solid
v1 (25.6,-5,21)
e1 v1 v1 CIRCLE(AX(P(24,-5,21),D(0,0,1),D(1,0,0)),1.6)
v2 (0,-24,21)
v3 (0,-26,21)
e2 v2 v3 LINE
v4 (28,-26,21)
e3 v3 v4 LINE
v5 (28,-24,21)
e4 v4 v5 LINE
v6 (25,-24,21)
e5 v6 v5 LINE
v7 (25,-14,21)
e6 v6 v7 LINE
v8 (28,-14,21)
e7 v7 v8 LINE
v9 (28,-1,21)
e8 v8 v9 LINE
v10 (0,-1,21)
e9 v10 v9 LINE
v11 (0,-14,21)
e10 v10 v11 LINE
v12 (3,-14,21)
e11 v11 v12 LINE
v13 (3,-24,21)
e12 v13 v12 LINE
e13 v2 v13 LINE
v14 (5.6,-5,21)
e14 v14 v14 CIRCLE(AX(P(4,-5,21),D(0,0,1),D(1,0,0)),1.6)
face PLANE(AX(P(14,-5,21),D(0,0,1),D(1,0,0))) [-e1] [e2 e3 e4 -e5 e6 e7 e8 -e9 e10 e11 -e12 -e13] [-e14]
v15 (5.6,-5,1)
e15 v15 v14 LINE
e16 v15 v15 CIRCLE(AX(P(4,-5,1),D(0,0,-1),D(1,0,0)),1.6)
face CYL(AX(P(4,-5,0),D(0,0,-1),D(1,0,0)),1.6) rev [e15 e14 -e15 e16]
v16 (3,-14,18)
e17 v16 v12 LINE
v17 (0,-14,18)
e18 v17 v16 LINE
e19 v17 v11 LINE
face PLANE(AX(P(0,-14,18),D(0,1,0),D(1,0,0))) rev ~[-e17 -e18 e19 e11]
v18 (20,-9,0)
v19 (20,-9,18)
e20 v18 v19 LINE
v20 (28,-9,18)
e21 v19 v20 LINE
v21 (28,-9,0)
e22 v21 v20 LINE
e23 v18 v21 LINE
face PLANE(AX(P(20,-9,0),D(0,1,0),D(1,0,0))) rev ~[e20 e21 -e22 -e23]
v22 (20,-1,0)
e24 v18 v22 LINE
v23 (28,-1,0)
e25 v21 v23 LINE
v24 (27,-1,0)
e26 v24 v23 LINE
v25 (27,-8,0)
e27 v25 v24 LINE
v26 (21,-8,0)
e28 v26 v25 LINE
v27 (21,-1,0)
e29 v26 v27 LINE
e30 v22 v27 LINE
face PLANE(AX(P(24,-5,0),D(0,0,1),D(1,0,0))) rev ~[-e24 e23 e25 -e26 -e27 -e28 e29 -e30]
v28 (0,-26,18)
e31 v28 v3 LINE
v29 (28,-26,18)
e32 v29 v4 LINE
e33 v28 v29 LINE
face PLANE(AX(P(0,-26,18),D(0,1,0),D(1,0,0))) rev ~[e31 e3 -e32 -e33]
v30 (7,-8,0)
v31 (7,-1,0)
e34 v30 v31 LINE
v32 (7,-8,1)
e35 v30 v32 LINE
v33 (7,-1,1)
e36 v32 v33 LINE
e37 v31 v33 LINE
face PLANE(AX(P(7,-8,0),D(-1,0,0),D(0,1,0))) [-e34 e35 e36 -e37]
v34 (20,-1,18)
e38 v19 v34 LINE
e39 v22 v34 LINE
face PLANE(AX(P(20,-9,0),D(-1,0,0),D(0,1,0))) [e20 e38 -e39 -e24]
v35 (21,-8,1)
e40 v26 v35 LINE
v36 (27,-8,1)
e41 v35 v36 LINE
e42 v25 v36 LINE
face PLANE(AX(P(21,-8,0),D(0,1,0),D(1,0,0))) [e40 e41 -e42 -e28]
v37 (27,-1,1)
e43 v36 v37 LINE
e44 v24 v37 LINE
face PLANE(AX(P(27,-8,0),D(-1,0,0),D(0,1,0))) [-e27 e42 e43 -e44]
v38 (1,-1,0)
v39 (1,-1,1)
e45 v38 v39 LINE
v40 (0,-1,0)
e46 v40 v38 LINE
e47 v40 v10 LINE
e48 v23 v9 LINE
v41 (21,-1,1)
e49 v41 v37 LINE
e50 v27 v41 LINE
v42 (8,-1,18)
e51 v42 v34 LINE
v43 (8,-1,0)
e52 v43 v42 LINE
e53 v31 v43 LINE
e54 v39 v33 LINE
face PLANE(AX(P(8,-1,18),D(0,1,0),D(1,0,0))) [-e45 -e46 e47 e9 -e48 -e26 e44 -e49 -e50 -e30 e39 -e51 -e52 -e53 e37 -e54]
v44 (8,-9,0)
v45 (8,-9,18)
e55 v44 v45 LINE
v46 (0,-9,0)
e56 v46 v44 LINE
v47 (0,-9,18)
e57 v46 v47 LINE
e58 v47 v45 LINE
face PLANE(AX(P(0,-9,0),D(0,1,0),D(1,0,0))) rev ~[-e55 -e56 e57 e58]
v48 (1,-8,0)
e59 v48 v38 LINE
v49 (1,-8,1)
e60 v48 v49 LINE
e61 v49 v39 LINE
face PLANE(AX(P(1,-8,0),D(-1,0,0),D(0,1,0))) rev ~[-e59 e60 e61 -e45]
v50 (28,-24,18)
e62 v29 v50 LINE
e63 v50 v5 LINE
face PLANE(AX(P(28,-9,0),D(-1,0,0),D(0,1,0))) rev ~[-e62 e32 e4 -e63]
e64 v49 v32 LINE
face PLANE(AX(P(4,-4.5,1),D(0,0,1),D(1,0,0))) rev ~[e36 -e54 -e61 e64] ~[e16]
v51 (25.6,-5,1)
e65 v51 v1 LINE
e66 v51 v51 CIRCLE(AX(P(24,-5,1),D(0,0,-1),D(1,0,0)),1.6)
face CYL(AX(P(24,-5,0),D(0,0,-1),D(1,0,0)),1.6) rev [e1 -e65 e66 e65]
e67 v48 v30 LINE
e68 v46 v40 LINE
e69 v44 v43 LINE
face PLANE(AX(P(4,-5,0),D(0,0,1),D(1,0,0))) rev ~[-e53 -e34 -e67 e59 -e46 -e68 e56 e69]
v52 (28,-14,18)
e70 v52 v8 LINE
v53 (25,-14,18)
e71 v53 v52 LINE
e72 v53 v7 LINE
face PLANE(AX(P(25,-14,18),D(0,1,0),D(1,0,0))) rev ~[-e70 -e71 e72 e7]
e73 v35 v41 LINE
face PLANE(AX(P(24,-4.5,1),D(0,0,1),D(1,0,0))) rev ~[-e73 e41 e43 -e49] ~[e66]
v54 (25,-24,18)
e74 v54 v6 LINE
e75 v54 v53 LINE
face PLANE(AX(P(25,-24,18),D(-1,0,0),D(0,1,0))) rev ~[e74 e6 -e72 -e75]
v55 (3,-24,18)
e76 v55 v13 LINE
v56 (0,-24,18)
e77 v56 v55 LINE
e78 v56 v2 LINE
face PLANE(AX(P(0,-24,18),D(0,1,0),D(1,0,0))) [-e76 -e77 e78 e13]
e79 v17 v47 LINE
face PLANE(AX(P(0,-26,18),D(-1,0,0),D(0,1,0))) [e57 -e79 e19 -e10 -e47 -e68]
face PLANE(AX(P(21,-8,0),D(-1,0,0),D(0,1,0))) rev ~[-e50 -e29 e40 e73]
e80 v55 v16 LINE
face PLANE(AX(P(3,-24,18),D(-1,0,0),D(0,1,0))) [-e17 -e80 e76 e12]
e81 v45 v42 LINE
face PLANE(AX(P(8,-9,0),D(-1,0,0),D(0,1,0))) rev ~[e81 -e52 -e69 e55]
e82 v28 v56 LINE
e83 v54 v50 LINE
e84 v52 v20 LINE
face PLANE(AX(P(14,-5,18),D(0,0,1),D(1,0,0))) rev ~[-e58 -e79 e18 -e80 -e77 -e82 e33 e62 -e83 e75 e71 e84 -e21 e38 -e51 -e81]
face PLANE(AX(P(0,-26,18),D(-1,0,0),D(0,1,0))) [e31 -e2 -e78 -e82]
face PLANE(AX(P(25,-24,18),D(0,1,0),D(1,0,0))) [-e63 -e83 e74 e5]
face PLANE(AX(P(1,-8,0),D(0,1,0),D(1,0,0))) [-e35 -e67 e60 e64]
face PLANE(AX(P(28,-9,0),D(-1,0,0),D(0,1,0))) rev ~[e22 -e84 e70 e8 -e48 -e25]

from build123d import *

# Parameters (mm, degrees)
BOX036_W          = 3
BOX036_H          = 10
BOX036_DEPTH      = 3
BOX037_W          = 3
BOX037_H          = 10
BOX037_DEPTH      = 3
CYLINDER028_R     = 1.6
CYLINDER028_DEPTH = 21
BOX031_W          = 6
BOX031_H          = 7
BOX031_DEPTH      = 1
CYLINDER027_R     = 1.6
CYLINDER027_DEPTH = 21
BOX032_W          = 6
BOX032_H          = 7
BOX032_DEPTH      = 1
BOX034_W          = 8
BOX034_H          = 8
BOX034_DEPTH      = 21
BOX033_W          = 8
BOX033_H          = 8
BOX033_DEPTH      = 21
BOX038_W          = 12
BOX038_H          = 8
BOX038_DEPTH      = 3
BOX035_W          = 28
BOX035_H          = 17
BOX035_DEPTH      = 3


with BuildPart() as cube036:
    # Box036 → Box036 (new body)
    with BuildSketch(Plane(origin=(0, -24, 18), x_dir=(1, 0, 0), z_dir=(0, 0, 1))):
        with Locations((1.5, 5)):
            Rectangle(BOX036_W, BOX036_H)
    extrude(amount=BOX036_DEPTH)


with BuildPart() as fusion020:
    # Box037 → Box037 (new body)
    with BuildSketch(Plane(origin=(25, -24, 18), x_dir=(1, 0, 0), z_dir=(0, 0, 1))):
        with Locations((1.5, 5)):
            Rectangle(BOX037_W, BOX037_H)
    extrude(amount=BOX037_DEPTH)

    # Fusion020: union Cube036
    add(cube036.part)


with BuildPart() as cylinder028:
    # Cylinder028 → Cylinder028 (new body)
    with BuildSketch(Plane(origin=(24, -5, 0), x_dir=(1, 0, 0), z_dir=(0, 0, 1))):
        Circle(CYLINDER028_R)
    extrude(amount=CYLINDER028_DEPTH)


with BuildPart() as cube031:
    # Box031 → Box031 (new body)
    with BuildSketch(Plane(origin=(1, -8, 0), x_dir=(1, 0, 0), z_dir=(0, 0, 1))):
        with Locations((3, 3.5)):
            Rectangle(BOX031_W, BOX031_H)
    extrude(amount=BOX031_DEPTH)


with BuildPart() as cylinder027:
    # Cylinder027 → Cylinder027 (new body)
    with BuildSketch(Plane(origin=(4, -5, 0), x_dir=(1, 0, 0), z_dir=(0, 0, 1))):
        Circle(CYLINDER027_R)
    extrude(amount=CYLINDER027_DEPTH)


with BuildPart() as fusion017:
    # Box032 → Box032 (new body)
    with BuildSketch(Plane(origin=(21, -8, 0), x_dir=(1, 0, 0), z_dir=(0, 0, 1))):
        with Locations((3, 3.5)):
            Rectangle(BOX032_W, BOX032_H)
    extrude(amount=BOX032_DEPTH)

    # Fusion017: union Cylinder028, Cube031, Cylinder027
    add(cylinder028.part)
    add(cube031.part)
    add(cylinder027.part)


with BuildPart() as cube034:
    # Box034 → Box034 (new body)
    with BuildSketch(Plane(origin=(20, -9, 0), x_dir=(1, 0, 0), z_dir=(0, 0, 1))):
        with Locations((4, 4)):
            Rectangle(BOX034_W, BOX034_H)
    extrude(amount=BOX034_DEPTH)


with BuildPart() as cut003009007:
    # Box033 → Box033 (new body)
    with BuildSketch(Plane(origin=(0, -9, 0), x_dir=(1, 0, 0), z_dir=(0, 0, 1))):
        with Locations((4, 4)):
            Rectangle(BOX033_W, BOX033_H)
    extrude(amount=BOX033_DEPTH)

    # Fusion018: union Cube034
    add(cube034.part)

    # Cut003009007: cut Fusion017
    add(fusion017.part, mode=Mode.SUBTRACT)


with BuildPart() as cube038:
    # Box038 → Box038 (new body)
    with BuildSketch(Plane(origin=(8, -9, 18), x_dir=(1, 0, 0), z_dir=(0, 0, 1))):
        with Locations((6, 4)):
            Rectangle(BOX038_W, BOX038_H)
    extrude(amount=BOX038_DEPTH)


with BuildPart() as cut003009008:
    # Box035 → Box035 (new body)
    with BuildSketch(Plane(origin=(0, -26, 18), x_dir=(1, 0, 0), z_dir=(0, 0, 1))):
        with Locations((14, 8.5)):
            Rectangle(BOX035_W, BOX035_H)
    extrude(amount=BOX035_DEPTH)

    # Fusion019: union Cut003009007, Cube038
    add(cut003009007.part)
    add(cube038.part)

    # Cut003009008: cut Fusion020
    add(fusion020.part, mode=Mode.SUBTRACT)


solid = cut003009008.part
